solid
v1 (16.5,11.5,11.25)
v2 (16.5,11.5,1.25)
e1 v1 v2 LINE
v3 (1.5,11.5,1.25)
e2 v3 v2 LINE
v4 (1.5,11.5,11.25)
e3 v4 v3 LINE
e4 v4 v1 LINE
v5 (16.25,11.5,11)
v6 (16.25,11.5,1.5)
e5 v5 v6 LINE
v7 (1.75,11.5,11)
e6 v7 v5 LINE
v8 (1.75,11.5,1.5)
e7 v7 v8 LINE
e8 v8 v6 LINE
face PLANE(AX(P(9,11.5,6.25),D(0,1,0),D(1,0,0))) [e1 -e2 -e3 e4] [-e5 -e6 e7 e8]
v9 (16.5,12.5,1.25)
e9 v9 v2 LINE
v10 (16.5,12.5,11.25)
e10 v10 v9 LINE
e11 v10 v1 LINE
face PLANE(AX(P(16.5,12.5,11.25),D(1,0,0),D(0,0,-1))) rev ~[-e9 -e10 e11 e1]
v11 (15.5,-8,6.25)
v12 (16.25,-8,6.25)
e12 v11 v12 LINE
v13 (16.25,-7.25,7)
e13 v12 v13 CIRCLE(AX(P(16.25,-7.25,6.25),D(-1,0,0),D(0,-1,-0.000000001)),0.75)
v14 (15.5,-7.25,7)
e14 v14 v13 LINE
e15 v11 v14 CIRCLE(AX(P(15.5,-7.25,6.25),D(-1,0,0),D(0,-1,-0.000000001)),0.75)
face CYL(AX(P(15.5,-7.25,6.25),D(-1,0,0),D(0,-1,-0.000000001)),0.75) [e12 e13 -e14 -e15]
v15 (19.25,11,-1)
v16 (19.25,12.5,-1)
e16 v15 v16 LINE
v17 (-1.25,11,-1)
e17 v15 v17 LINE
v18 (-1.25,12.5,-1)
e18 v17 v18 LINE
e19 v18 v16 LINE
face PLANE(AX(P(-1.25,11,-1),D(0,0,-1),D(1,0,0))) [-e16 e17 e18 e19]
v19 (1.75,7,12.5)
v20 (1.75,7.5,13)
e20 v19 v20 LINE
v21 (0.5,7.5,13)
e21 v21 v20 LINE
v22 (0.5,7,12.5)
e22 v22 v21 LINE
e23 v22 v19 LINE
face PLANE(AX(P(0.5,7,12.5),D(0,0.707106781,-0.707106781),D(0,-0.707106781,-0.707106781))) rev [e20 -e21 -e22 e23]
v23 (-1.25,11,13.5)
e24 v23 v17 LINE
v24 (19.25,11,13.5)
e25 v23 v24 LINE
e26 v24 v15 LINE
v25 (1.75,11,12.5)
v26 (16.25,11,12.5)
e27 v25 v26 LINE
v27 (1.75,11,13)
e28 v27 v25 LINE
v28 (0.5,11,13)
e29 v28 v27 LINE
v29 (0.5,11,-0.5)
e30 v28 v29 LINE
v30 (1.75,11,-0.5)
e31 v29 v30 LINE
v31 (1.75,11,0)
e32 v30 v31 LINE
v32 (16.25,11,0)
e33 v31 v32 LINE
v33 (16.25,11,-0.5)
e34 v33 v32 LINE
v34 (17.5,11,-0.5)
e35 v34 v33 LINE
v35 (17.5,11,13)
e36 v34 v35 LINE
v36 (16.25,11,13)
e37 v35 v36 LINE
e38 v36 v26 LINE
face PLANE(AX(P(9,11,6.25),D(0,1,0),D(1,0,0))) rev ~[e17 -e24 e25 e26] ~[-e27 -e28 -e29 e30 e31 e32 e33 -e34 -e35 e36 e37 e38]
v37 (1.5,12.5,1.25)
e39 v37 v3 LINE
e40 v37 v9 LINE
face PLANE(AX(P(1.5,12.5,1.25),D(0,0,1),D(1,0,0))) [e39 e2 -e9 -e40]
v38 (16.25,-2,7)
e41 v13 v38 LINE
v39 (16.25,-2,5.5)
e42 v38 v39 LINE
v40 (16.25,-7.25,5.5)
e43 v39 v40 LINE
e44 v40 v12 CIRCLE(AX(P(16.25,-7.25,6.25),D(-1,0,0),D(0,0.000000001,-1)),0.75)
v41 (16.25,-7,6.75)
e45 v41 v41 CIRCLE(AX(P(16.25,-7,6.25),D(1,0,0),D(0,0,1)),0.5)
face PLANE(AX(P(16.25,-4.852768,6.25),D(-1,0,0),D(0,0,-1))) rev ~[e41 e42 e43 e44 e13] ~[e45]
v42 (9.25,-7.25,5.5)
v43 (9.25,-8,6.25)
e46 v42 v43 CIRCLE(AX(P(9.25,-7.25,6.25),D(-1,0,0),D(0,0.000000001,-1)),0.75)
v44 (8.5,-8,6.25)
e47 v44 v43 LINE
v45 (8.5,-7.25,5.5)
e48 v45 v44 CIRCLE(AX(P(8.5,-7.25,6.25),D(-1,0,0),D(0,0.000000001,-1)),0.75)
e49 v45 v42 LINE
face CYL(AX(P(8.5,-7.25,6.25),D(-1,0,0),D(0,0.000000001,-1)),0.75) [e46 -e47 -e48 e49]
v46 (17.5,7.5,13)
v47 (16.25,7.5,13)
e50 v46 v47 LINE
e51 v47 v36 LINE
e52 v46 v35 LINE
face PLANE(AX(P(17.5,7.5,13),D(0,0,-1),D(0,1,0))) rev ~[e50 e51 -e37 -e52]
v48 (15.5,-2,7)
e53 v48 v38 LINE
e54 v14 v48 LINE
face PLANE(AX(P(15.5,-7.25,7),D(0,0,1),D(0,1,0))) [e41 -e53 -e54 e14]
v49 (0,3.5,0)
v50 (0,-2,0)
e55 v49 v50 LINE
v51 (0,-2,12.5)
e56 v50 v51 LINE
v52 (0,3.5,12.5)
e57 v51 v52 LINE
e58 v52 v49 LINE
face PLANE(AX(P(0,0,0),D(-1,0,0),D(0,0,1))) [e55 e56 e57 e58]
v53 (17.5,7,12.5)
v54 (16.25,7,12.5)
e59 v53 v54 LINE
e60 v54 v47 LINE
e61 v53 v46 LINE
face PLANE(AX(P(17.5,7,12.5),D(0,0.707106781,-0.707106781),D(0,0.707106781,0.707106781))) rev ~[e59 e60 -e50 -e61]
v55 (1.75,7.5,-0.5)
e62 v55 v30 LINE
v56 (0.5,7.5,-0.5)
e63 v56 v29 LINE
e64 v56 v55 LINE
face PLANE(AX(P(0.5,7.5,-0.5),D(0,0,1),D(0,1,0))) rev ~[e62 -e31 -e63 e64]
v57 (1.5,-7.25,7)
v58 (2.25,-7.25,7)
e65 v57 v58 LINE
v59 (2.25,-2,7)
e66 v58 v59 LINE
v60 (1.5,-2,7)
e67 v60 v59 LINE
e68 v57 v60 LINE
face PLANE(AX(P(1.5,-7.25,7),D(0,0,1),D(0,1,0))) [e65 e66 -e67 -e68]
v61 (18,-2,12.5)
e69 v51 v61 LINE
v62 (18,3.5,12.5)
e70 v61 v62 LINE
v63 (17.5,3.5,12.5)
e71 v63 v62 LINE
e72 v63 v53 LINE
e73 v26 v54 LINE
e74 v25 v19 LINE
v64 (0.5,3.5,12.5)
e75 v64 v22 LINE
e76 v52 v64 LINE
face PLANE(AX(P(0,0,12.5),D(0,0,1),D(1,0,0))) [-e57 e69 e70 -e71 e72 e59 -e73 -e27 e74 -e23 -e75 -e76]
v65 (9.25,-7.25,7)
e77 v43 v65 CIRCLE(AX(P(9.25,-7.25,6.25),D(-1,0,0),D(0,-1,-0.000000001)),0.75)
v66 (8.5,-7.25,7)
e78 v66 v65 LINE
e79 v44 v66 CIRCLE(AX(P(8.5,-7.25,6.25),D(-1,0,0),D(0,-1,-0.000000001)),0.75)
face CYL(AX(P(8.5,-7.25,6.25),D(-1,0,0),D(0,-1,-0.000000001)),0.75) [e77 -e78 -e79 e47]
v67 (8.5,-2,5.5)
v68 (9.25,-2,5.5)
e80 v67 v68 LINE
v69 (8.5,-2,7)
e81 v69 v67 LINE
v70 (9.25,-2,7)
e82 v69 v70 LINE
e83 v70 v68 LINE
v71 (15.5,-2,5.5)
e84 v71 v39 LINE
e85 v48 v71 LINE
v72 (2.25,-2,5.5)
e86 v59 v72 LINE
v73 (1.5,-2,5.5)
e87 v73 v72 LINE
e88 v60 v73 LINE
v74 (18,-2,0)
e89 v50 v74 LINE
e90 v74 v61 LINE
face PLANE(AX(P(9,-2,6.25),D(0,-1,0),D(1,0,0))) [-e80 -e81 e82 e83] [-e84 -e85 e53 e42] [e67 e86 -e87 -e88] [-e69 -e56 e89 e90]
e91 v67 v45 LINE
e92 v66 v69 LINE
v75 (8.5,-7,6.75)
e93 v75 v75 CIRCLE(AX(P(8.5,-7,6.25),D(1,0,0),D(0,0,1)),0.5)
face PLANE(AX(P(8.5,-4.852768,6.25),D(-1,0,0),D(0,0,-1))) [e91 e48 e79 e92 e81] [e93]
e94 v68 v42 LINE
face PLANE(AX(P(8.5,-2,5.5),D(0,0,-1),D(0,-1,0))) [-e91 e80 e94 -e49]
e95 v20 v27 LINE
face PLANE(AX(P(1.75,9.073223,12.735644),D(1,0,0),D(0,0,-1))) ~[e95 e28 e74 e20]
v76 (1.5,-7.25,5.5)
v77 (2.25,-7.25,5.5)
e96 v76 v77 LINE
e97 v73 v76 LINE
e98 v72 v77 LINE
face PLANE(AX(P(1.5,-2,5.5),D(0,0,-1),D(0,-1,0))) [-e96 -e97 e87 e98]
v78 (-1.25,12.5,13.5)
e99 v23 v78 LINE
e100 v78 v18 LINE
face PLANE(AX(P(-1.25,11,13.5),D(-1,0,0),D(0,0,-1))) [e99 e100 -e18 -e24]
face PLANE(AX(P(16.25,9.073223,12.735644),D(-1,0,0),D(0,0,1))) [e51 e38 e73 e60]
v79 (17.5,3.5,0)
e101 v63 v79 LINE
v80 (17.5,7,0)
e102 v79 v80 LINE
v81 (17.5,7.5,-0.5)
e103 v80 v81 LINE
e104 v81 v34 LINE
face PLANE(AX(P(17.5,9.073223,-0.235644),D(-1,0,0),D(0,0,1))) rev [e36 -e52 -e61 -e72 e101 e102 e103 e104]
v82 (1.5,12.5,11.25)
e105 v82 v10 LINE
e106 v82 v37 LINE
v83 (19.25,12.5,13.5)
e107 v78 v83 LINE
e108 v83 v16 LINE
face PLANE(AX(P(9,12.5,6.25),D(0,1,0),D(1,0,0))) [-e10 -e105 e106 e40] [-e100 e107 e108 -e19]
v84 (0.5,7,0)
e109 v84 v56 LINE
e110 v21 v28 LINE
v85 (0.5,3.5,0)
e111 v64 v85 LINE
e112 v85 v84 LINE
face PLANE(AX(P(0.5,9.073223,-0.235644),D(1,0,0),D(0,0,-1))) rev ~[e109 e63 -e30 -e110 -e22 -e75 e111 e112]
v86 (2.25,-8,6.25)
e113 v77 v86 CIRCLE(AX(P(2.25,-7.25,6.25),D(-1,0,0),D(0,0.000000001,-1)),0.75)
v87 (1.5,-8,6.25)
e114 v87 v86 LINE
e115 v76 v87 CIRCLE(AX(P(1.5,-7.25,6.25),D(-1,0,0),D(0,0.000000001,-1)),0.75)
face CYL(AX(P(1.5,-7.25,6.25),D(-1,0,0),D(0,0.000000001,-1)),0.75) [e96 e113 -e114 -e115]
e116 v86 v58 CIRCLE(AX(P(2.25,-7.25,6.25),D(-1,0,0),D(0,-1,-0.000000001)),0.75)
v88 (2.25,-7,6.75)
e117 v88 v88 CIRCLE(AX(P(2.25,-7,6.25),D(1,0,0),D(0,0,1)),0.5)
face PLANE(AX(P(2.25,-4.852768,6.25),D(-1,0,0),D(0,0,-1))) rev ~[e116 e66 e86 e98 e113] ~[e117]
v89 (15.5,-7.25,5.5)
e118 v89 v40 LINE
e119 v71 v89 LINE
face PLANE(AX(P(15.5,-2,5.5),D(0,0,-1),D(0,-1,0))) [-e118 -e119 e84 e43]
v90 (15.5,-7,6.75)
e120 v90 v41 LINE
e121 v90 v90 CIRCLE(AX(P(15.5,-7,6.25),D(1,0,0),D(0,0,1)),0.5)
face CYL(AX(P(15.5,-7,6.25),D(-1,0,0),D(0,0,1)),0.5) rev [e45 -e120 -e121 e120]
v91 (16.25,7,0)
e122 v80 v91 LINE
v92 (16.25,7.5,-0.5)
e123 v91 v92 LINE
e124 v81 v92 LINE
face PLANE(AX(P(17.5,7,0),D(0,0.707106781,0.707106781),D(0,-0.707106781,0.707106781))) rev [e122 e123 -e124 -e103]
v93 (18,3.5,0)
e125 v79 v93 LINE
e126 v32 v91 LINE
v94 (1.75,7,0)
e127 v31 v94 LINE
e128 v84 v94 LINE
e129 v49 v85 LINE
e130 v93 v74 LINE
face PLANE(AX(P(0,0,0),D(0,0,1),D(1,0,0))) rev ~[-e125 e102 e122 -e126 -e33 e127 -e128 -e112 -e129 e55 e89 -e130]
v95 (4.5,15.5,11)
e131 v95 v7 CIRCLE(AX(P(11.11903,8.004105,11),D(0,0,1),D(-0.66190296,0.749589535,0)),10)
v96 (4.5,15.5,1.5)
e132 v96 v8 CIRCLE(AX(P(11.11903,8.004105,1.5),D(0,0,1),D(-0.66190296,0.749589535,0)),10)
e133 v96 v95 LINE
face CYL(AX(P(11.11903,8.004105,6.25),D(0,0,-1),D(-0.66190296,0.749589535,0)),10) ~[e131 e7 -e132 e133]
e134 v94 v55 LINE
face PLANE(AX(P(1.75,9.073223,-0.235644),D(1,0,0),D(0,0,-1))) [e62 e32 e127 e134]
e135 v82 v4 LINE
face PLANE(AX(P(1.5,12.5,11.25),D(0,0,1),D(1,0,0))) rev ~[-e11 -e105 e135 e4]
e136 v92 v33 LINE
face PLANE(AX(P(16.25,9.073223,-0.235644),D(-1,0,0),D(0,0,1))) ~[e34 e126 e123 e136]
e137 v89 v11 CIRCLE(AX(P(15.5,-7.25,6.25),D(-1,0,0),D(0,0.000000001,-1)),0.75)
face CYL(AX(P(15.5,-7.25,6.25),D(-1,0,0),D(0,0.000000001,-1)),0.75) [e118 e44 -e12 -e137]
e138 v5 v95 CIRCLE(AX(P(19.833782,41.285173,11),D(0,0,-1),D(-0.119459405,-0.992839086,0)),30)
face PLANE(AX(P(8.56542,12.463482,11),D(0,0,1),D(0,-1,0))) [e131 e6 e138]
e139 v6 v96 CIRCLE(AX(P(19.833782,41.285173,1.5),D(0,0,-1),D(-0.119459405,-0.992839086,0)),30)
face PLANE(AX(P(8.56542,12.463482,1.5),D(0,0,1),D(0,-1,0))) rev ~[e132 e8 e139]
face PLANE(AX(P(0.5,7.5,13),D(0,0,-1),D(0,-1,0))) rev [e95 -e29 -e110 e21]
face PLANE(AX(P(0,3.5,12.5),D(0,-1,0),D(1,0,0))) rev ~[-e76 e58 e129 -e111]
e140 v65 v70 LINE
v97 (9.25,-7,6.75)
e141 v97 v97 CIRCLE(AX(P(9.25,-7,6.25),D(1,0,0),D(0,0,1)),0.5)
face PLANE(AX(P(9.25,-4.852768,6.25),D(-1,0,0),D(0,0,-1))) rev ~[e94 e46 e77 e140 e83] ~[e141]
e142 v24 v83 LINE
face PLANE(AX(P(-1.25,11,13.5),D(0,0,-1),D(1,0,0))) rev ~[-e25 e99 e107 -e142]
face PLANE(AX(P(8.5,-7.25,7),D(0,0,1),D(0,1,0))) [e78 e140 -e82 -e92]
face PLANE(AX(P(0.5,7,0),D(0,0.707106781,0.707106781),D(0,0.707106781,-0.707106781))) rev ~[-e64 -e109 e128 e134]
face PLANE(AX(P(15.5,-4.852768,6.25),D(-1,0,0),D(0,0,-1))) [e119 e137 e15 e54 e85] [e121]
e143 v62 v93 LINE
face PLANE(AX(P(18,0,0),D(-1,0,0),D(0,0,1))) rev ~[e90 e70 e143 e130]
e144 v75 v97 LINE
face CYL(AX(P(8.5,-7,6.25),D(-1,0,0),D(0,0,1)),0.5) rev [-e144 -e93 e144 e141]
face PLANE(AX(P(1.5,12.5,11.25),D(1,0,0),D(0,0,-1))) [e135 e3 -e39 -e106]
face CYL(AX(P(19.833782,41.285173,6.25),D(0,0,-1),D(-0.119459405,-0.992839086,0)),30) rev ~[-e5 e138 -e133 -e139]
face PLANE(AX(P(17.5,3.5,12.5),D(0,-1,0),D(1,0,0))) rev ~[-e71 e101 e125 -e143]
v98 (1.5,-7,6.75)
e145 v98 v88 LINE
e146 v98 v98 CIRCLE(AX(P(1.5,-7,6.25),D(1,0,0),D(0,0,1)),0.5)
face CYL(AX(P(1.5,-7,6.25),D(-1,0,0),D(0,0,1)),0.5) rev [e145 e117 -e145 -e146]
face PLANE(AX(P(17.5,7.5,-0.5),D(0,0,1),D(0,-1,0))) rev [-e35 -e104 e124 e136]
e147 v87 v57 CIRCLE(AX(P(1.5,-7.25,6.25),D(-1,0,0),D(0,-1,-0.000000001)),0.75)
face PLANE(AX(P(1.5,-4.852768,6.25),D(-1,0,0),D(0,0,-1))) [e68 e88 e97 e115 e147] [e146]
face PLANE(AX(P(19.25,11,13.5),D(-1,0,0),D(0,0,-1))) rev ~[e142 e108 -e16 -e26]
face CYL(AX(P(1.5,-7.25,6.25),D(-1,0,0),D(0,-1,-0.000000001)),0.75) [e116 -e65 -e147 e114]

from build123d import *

# Parameters (mm, degrees)
SKETCH_1_W             = 18
SKETCH_1_H             = 11
EXTRUDE_1_DEPTH        = 12.5
SKETCH_2_W             = 20.5
SKETCH_2_H             = 14.5
EXTRUDE_2_DEPTH        = 1.5
SKETCH_3_W             = 0.5
SKETCH_3_H             = 7.5
CUT_EXTRUDE_2_DEPTH    = 14.5
EXTRUDE_3_DEPTH        = 1.25
MIRROR_2_COPY_1_DEPTH  = 1.25
SKETCH_7_W             = 18
SKETCH_7_H             = 12.5
EXTRUDE_4_DEPTH        = 2
SKETCH_8_W             = 15
SKETCH_8_H             = 10
CUT_EXTRUDE_3_DEPTH    = 1
EXTRUDE_5_DEPTH        = 4.75
EXTRUDE_5_DEPTH_BACK   = 4.75
SKETCH_11_R            = 0.5
EXTRUDE_6_DEPTH        = 0.75
PATTERN_LINEAR_1_COUNT = 3
PATTERN_LINEAR_1_PITCH = 7


with BuildPart() as part:
    # Эскиз1 → Бобышка-Вытянуть1 (new body)
    with BuildSketch(Plane.XY):
        with Locations((9, 5.5)):
            Rectangle(SKETCH_1_W, SKETCH_1_H)
    extrude(amount=EXTRUDE_1_DEPTH)

    # Эскиз2 → Бобышка-Вытянуть2 (add)
    with BuildSketch(Plane(origin=(0, 11, 0), x_dir=(1, 0, 0), z_dir=(0, 1, 0))):
        with Locations((9, -6.25)):
            Rectangle(SKETCH_2_W, SKETCH_2_H)
    extrude(amount=EXTRUDE_2_DEPTH)

    # Эскиз3 → Вырез-Вытянуть2 (cut, through all)
    with BuildSketch(Plane.XY.offset(12.5)):
        with Locations((17.75, 7.25)):
            Rectangle(SKETCH_3_W, SKETCH_3_H)
        with Locations((0.25, 7.25)):
            Rectangle(SKETCH_3_W, SKETCH_3_H)
    extrude(amount=-CUT_EXTRUDE_2_DEPTH, mode=Mode.SUBTRACT)

    # Эскиз4 → Бобышка-Вытянуть3 (add)
    with BuildSketch(Plane(origin=(17.5, 0, 0), x_dir=(0, 0, -1), z_dir=(1, 0, 0))):
        Polygon((-12.5, 7), (-13, 7.5), (-13, 11), (-12.5, 11), align=None)
    extrude_3 = extrude(amount=-EXTRUDE_3_DEPTH)

    # Зеркальное отражение1: Бобышка-Вытянуть3 across plane
    add(extrude_3.mirror(Plane(origin=(0, 0, 6.25), x_dir=(1, 0, 0), z_dir=(0, 0, -1))))

    # Зеркальное отражение2: Бобышка-Вытянуть3 across plane
    add(extrude_3.mirror(Plane.ZY.offset(-9)))

    # Зеркальное отражение2 copy 1 sketch → Зеркальное отражение2 copy 1 (add)
    with BuildSketch(Plane(origin=(0.5, 0, 12.5), x_dir=(0, 0, 1), z_dir=(-1, 0, 0))):
        Polygon((-12.5, 7), (-13, 7.5), (-13, 11), (-12.5, 11), align=None)
    extrude(amount=-MIRROR_2_COPY_1_DEPTH)

    # Эскиз7 → Бобышка-Вытянуть4 (add)
    with BuildSketch(Plane.XZ):
        with Locations((9, 6.25)):
            Rectangle(SKETCH_7_W, SKETCH_7_H)
    extrude(amount=EXTRUDE_4_DEPTH)

    # Эскиз8 → Вырез-Вытянуть3 (cut)
    with BuildSketch(Plane(origin=(0, 12.5, 0), x_dir=(1, 0, 0), z_dir=(0, 1, 0))):
        with Locations((9, -6.25)):
            Rectangle(SKETCH_8_W, SKETCH_8_H)
    extrude(amount=-CUT_EXTRUDE_3_DEPTH, mode=Mode.SUBTRACT)

    # Эскиз9 → Бобышка-Вытянуть5 (add, two sides)
    with BuildSketch(Plane.YX.offset(-6.25)) as extrude_5_sk:
        with BuildLine():
            Line((11.5, 1.75), (11.5, 16.25))
            ThreePointArc((11.5, 16.25), (12.885675396, 10.16586822), (15.5, 4.5))
            ThreePointArc((15.5, 4.5), (13.669392877, 2.87861036), (11.5, 1.75))
        make_face()
    extrude(amount=EXTRUDE_5_DEPTH)
    extrude(extrude_5_sk.sketch, amount=-EXTRUDE_5_DEPTH_BACK)

    # Эскиз11 → Бобышка-Вытянуть6 (add)
    with BuildSketch(Plane(origin=(1.5, 0, 0), x_dir=(0, 0, 1), z_dir=(1, 0, 0))):
        with BuildLine():
            Line((5.5, 2), (5.5, 7.25))
            ThreePointArc((5.5, 7.25), (5.719669914, 7.780330086), (6.25, 8))
            ThreePointArc((6.25, 8), (6.780330086, 7.780330086), (7, 7.25))
            Line((7, 7.25), (7, 2))
            Line((7, 2), (5.5, 2))
        make_face()
        with Locations((6.25, 7)):
            Circle(SKETCH_11_R, mode=Mode.SUBTRACT)
    extrude_6 = extrude(amount=EXTRUDE_6_DEPTH)

    # Линейный массив1: Бобышка-Вытянуть6 ×3
    with Locations(*[(i * PATTERN_LINEAR_1_PITCH, 0, 0) for i in range(1, PATTERN_LINEAR_1_COUNT)]):
        add(extrude_6)


solid = part.part
